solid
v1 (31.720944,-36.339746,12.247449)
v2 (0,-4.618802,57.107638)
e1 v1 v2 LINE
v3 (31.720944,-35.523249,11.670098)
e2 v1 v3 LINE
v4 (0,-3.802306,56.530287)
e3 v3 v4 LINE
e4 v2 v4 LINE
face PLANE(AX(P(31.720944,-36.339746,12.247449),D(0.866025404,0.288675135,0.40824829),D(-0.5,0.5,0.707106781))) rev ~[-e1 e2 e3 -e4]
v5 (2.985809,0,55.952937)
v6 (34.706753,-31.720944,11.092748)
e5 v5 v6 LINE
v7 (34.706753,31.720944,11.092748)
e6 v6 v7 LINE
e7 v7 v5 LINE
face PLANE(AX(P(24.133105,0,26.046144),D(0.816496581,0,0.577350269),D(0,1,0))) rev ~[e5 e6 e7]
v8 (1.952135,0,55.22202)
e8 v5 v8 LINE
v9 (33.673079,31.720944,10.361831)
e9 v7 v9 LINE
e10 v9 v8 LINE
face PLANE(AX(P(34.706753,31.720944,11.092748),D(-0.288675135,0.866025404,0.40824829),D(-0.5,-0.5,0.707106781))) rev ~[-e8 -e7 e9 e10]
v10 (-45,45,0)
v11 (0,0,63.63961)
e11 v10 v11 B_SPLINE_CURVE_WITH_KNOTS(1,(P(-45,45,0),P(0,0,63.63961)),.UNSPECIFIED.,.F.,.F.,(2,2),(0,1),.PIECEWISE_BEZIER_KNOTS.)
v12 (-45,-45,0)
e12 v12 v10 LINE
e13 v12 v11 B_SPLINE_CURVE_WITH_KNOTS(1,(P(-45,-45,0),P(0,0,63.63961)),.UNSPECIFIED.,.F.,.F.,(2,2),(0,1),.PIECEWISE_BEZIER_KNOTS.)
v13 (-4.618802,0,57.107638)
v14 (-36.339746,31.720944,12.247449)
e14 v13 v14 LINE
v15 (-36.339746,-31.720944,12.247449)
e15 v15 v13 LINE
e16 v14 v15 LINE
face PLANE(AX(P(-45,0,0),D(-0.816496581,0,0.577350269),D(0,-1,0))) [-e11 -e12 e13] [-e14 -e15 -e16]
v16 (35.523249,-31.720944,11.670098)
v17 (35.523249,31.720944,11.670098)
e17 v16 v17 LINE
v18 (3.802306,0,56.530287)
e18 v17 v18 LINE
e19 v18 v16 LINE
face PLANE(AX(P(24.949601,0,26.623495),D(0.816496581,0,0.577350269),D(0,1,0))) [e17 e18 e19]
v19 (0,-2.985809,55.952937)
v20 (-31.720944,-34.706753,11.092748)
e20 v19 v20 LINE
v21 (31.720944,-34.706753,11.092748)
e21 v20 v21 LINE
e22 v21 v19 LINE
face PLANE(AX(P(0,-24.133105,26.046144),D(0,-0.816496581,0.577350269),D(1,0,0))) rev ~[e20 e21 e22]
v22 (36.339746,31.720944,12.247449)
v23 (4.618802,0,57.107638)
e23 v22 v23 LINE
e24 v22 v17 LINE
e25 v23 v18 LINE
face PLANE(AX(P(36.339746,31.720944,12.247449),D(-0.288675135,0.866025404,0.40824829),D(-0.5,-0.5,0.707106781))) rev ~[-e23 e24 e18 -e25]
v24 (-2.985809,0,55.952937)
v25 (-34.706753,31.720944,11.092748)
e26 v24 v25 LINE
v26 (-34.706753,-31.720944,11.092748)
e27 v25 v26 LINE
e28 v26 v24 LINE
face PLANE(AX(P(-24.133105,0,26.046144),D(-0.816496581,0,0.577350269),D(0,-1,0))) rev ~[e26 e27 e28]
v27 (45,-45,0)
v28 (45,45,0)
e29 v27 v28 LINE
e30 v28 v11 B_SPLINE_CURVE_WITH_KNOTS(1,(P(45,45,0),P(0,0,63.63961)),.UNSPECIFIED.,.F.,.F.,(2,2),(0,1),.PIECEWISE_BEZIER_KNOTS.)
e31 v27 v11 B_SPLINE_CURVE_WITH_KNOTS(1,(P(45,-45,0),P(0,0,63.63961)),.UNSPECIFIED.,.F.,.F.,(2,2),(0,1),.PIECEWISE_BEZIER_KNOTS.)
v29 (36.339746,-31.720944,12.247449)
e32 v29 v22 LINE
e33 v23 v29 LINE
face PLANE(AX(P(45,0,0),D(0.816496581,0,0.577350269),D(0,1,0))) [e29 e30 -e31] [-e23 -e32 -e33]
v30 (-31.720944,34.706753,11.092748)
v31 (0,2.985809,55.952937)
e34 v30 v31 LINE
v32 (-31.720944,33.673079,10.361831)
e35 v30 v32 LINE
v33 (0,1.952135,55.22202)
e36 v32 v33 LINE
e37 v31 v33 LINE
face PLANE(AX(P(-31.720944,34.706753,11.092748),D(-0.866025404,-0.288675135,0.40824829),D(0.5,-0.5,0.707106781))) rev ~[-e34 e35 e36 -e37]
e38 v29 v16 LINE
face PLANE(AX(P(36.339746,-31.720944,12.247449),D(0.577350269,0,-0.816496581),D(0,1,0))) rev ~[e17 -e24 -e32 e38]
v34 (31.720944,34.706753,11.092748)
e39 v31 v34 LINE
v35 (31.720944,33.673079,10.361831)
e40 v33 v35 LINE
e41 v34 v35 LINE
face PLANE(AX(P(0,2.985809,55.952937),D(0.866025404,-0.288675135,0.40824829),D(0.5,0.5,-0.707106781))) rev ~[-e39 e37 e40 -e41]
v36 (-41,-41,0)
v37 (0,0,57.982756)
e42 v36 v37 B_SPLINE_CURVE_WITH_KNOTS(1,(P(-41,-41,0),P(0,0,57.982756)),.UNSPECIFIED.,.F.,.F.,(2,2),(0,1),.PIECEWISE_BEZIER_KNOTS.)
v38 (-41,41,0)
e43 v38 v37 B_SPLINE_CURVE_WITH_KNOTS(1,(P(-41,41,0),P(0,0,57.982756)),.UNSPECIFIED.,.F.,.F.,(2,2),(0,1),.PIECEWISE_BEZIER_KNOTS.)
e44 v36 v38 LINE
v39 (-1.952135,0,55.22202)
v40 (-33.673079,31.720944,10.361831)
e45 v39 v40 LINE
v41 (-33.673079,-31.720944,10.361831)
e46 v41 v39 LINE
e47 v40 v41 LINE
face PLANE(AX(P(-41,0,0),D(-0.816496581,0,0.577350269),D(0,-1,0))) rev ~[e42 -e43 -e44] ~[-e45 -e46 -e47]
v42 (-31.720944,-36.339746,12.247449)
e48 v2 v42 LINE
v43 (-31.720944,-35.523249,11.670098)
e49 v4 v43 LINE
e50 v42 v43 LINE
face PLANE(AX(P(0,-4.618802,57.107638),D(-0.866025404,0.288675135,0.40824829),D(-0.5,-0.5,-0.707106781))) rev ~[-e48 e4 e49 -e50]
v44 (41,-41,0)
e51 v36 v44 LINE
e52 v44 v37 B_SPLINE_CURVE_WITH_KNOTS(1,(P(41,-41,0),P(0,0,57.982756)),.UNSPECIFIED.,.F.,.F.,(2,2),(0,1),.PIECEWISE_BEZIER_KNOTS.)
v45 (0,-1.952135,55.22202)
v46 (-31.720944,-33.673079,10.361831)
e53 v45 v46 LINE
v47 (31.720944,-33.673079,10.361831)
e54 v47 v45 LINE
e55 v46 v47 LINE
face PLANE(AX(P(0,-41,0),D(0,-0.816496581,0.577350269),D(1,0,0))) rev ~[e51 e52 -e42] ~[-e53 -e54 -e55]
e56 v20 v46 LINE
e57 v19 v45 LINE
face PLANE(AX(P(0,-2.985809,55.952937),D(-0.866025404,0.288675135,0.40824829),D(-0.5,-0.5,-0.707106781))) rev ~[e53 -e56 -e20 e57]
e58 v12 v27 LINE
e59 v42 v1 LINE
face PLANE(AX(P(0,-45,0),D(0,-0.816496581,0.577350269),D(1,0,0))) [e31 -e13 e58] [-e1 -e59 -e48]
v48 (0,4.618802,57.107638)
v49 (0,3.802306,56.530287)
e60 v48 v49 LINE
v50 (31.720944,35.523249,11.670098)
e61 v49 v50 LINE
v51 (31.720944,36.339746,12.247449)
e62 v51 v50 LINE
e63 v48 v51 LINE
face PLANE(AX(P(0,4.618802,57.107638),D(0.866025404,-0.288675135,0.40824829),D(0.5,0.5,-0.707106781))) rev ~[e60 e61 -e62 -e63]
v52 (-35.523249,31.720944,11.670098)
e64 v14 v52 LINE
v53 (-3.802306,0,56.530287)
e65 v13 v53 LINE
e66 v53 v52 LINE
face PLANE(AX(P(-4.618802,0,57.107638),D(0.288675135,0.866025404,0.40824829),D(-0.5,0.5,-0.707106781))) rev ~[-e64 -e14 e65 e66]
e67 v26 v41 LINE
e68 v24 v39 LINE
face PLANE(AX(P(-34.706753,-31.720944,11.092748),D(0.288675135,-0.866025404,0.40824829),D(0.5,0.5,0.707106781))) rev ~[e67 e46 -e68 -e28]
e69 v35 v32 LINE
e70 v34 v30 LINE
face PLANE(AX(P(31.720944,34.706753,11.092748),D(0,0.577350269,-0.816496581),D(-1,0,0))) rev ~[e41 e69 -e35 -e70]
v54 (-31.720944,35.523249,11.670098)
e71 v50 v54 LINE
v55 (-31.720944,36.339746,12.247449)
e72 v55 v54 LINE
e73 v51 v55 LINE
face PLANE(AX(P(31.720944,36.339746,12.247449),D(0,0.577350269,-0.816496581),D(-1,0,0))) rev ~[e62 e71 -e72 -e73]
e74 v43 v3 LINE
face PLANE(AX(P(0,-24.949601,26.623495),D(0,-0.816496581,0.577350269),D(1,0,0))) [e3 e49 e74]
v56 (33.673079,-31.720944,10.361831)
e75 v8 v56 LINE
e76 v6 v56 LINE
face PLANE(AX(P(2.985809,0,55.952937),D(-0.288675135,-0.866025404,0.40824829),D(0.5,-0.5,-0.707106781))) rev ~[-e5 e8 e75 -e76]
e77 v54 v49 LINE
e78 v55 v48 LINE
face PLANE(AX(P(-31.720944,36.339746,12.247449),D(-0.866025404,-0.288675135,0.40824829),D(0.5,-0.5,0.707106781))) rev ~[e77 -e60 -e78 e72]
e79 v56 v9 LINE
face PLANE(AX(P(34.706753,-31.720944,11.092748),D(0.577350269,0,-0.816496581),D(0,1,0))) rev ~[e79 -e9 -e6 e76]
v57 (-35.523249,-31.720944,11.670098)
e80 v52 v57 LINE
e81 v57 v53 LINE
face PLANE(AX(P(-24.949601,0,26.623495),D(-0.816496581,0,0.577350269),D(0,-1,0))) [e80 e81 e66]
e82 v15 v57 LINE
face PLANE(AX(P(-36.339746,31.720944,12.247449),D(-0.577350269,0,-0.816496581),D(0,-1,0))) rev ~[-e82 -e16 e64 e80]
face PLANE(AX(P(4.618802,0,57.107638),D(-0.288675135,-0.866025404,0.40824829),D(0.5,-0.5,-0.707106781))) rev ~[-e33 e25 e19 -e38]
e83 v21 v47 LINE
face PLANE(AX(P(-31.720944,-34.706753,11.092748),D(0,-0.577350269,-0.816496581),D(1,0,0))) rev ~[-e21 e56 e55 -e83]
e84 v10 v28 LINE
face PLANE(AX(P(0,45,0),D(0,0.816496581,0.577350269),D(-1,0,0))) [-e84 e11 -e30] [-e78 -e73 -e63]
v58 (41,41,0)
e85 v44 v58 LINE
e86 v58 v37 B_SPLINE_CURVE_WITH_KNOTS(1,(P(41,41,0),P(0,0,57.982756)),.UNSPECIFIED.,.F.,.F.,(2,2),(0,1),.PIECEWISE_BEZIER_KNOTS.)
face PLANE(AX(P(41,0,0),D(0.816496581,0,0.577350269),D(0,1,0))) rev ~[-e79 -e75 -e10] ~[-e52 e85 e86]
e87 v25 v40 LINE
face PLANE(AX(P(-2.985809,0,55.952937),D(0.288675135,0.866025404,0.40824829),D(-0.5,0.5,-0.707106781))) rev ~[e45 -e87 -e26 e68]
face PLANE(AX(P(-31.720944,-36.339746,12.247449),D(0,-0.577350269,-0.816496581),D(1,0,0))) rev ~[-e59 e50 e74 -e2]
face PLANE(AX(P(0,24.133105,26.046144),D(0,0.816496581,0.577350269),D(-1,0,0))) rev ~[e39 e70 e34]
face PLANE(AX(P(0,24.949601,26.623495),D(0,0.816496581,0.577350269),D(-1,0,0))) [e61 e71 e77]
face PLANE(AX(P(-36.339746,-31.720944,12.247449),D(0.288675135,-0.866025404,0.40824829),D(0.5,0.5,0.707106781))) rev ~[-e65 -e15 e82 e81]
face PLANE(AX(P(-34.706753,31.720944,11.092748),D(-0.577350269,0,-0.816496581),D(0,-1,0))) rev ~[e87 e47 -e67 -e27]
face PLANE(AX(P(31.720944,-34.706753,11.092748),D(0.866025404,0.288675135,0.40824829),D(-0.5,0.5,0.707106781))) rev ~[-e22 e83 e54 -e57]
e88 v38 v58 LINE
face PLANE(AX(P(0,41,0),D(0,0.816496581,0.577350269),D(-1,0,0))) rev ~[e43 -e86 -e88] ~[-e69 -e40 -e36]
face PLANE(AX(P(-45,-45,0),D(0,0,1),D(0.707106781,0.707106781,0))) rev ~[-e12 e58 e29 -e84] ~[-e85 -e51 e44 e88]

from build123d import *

# Parameters (mm, degrees)
F3_W      = 90
F3_H      = 90
F8_W      = 82
F8_H      = 82
F14_DEPTH = 1
F15_START = -2
F15_DEPTH = 3
F17_DEPTH = 1
F18_START = -2
F18_DEPTH = 3
F20_DEPTH = 1
F21_START = -2
F21_DEPTH = 3
F23_DEPTH = 1
F24_START = -2
F24_DEPTH = 3


with BuildPart() as f6:
    # F3 (on Top) → F6 section 0
    with BuildSketch(Plane.XY, mode=Mode.PRIVATE) as f6_s0:
        Rectangle(F3_W, F3_H)
    loft([f6_s0.sketch, Vertex(0, 0, 63.6396103068)])

    # F8 (on Top) → F10 section 0
    with BuildSketch(Plane.XY, mode=Mode.PRIVATE) as f10_s0:
        Rectangle(F8_W, F8_H)
    loft([f10_s0.sketch, Vertex(0, 0, 57.9827560573)], mode=Mode.SUBTRACT)

    # F13 (on offset) → F14 (cut)
    with BuildSketch(Plane(origin=(0, -30, 21.2132034356), x_dir=(1, 0, 0), z_dir=(0, -0.8164965809, 0.5773502692))):
        Polygon((31.7209438086, -10.9807621135), (0, 43.9615242271), (-31.7209438086, -10.9807621135), align=None)
    extrude(amount=-F14_DEPTH, mode=Mode.SUBTRACT)

    # F13 (on offset) → F15 (cut)
    with BuildSketch(Plane(origin=(0, -30, 21.2132034356), x_dir=(1, 0, 0), z_dir=(0, -0.8164965809, 0.5773502692)).offset(F15_START)):
        Polygon((31.7209438086, -10.9807621135), (0, 43.9615242271), (-31.7209438086, -10.9807621135), align=None)
    extrude(amount=-F15_DEPTH, mode=Mode.SUBTRACT)

    # F16 (on offset) → F17 (cut)
    with BuildSketch(Plane(origin=(-30, 0, 21.2132034356), x_dir=(0, -1, 0), z_dir=(-0.8164965809, 0, 0.5773502692))):
        Polygon((31.7209438086, -10.9807621135), (0, 43.9615242271), (-31.7209438086, -10.9807621135), align=None)
    extrude(amount=-F17_DEPTH, mode=Mode.SUBTRACT)

    # F16 (on offset) → F18 (cut)
    with BuildSketch(Plane(origin=(-30, 0, 21.2132034356), x_dir=(0, -1, 0), z_dir=(-0.8164965809, 0, 0.5773502692)).offset(F18_START)):
        Polygon((31.7209438086, -10.9807621135), (0, 43.9615242271), (-31.7209438086, -10.9807621135), align=None)
    extrude(amount=-F18_DEPTH, mode=Mode.SUBTRACT)

    # F19 (on face) → F20 (cut)
    with BuildSketch(Plane(origin=(0, 30, 21.2132034356), x_dir=(-1, 0, 0), z_dir=(0, 0.8164965809, 0.5773502692))):
        Polygon((31.7209438086, -10.9807621135), (0, 43.9615242271), (-31.7209438086, -10.9807621135), align=None)
    extrude(amount=-F20_DEPTH, mode=Mode.SUBTRACT)

    # F19 (on face) → F21 (cut)
    with BuildSketch(Plane(origin=(0, 30, 21.2132034356), x_dir=(-1, 0, 0), z_dir=(0, 0.8164965809, 0.5773502692)).offset(F21_START)):
        Polygon((31.7209438086, -10.9807621135), (0, 43.9615242271), (-31.7209438086, -10.9807621135), align=None)
    extrude(amount=-F21_DEPTH, mode=Mode.SUBTRACT)

    # F22 (on face) → F23 (cut)
    with BuildSketch(Plane(origin=(30, 0, 21.2132034356), x_dir=(0, 1, 0), z_dir=(0.8164965809, 0, 0.5773502692))):
        Polygon((31.7209438086, -10.9807621135), (0, 43.9615242271), (-31.7209438086, -10.9807621135), align=None)
    extrude(amount=-F23_DEPTH, mode=Mode.SUBTRACT)

    # F22 (on face) → F24 (cut)
    with BuildSketch(Plane(origin=(30, 0, 21.2132034356), x_dir=(0, 1, 0), z_dir=(0.8164965809, 0, 0.5773502692)).offset(F24_START)):
        Polygon((31.7209438086, -10.9807621135), (0, 43.9615242271), (-31.7209438086, -10.9807621135), align=None)
    extrude(amount=-F24_DEPTH, mode=Mode.SUBTRACT)


solid = f6.part
